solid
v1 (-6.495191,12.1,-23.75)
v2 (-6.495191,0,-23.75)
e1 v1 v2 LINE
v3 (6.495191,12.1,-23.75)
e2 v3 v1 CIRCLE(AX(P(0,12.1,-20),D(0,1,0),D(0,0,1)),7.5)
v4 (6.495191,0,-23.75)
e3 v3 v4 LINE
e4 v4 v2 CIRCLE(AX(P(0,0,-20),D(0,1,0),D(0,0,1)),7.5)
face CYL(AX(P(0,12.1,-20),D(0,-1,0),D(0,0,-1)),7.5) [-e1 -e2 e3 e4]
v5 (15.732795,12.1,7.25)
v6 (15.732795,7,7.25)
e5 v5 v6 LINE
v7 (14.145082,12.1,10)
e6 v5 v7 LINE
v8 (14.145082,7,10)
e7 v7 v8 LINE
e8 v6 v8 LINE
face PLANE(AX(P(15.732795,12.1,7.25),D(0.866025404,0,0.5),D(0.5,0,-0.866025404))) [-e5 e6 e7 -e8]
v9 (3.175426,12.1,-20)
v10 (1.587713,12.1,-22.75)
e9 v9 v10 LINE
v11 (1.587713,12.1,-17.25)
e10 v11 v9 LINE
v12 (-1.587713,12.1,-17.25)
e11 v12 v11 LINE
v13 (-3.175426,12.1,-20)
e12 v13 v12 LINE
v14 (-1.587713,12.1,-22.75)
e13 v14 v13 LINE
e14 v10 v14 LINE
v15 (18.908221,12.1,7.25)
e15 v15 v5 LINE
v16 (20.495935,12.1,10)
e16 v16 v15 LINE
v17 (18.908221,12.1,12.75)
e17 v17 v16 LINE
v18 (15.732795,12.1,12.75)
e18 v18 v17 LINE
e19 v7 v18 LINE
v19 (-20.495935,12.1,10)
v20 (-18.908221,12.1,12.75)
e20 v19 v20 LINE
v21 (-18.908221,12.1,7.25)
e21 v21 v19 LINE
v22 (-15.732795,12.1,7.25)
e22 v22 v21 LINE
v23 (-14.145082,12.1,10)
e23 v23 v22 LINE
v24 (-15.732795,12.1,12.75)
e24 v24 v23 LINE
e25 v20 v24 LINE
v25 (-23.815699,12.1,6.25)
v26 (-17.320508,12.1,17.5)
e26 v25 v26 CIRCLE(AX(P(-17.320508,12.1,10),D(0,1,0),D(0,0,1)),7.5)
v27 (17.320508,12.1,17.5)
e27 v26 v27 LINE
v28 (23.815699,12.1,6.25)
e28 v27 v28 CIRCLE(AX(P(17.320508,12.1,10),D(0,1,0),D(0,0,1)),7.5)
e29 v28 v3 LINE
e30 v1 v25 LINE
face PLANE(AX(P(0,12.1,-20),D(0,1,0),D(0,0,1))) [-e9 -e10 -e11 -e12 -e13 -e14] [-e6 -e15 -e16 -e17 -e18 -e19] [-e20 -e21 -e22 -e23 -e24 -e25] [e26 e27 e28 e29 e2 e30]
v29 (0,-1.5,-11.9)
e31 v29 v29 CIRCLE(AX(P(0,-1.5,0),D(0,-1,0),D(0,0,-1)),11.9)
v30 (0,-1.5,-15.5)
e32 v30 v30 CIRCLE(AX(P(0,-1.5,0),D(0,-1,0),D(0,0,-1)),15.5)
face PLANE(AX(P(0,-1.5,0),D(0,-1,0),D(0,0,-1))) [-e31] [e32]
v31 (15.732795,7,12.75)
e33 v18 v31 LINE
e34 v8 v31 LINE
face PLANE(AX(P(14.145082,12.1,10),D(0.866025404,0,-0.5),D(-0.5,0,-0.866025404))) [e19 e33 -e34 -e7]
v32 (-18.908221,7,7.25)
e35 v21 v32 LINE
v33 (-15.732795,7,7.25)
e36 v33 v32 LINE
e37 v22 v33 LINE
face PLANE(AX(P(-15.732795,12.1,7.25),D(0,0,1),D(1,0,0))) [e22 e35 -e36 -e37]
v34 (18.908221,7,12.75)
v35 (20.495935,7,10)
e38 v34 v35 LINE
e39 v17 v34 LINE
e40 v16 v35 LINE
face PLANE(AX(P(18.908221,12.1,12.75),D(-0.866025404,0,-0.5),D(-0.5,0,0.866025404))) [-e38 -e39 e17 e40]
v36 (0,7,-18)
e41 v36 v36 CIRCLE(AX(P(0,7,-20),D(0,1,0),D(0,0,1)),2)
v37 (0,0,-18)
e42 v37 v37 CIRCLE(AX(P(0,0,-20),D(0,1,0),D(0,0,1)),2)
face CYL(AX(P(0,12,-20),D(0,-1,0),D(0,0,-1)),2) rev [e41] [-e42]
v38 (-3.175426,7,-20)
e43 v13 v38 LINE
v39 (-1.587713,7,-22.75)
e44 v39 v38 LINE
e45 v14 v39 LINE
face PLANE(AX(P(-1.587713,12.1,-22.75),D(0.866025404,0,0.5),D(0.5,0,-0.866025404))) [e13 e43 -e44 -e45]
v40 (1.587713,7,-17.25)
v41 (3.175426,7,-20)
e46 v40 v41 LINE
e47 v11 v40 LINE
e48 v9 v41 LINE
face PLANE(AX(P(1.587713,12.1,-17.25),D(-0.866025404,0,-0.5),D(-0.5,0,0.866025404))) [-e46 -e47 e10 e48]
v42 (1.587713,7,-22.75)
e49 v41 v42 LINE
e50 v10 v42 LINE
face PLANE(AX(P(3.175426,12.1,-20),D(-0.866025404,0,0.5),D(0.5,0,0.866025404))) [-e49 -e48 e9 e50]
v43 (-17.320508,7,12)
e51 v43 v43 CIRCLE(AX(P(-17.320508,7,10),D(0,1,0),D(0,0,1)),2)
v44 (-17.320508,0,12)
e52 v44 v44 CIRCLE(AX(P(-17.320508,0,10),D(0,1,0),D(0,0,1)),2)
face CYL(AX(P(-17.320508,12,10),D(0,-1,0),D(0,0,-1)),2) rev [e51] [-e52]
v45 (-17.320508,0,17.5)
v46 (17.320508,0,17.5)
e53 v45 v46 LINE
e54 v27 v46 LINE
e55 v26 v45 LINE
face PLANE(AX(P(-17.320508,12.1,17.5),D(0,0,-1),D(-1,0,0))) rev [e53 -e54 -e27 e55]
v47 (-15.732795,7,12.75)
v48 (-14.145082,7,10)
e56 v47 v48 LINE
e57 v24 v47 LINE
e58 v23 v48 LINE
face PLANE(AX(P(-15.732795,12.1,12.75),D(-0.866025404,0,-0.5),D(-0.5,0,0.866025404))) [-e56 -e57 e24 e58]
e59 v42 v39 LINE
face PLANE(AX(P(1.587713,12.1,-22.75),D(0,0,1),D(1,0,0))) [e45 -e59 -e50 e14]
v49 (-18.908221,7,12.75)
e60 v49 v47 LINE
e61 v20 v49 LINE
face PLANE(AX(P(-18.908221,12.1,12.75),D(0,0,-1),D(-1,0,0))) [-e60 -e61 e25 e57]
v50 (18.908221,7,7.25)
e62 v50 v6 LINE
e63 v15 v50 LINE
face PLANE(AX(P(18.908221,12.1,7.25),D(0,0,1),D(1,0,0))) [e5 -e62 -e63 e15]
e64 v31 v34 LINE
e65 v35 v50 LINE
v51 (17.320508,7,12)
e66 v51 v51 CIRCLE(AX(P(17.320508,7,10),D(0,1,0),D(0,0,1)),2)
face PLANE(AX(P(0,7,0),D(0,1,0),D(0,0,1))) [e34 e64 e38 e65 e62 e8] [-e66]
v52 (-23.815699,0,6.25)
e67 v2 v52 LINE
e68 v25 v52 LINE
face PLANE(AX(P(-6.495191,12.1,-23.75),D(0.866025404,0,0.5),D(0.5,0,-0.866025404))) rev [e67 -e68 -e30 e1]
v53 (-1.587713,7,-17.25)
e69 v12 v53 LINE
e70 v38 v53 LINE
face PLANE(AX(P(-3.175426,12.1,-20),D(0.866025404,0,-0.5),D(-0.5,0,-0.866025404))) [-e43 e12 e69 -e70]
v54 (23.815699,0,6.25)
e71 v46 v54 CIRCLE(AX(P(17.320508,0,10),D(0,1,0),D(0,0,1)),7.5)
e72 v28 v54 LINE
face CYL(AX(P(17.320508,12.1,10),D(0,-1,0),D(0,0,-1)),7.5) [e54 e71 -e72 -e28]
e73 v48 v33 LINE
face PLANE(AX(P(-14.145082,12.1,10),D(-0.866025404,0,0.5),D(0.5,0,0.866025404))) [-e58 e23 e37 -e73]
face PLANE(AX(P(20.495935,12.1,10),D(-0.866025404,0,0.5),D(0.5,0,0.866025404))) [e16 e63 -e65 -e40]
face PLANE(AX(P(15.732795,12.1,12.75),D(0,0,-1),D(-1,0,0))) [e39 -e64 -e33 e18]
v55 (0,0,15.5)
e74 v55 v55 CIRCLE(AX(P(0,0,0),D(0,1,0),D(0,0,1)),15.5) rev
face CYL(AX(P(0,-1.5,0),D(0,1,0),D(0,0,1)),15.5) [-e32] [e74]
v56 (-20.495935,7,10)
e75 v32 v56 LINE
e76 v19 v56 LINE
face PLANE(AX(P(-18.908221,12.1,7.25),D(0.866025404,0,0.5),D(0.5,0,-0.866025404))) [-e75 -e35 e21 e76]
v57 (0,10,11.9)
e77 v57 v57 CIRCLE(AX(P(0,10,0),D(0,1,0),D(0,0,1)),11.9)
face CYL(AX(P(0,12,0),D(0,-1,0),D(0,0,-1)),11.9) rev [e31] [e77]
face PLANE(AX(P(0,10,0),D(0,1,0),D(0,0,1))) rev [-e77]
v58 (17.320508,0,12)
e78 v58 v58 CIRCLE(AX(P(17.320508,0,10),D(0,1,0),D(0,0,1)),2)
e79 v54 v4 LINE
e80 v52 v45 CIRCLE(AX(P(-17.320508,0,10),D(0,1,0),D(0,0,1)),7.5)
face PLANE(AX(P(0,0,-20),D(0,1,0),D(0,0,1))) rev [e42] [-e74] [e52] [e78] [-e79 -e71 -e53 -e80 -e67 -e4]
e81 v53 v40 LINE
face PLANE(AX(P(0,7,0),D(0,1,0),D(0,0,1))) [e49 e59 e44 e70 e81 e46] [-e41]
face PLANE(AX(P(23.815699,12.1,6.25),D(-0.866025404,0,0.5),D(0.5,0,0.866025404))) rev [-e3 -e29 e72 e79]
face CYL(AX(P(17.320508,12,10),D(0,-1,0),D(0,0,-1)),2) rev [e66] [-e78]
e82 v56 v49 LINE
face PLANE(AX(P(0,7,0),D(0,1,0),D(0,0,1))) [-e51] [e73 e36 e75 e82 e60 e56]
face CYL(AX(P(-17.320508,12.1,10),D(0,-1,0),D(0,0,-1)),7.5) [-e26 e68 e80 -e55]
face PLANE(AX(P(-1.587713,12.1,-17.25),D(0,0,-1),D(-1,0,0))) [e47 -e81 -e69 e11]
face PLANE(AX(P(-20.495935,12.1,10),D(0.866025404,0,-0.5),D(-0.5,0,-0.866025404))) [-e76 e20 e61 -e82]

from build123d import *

# Parameters (mm, degrees)
ESQUISSE1_R             = 11.9
ESQUISSE1_R_2           = 2
BOSS_EXTRU_1_DEPTH      = 12
ENL_V_MAT_EXTRU_1_DEPTH = 5
SKETCH1_R               = 11.9
BOSS_EXTRUDE1_DEPTH     = 2
BOSS_EXTRUDE2_START     = 1.5
SKETCH2_R               = 15.5
SKETCH2_R_2             = 11.9
BOSS_EXTRUDE2_DEPTH     = 1.5
BOSS_EXTRUDE3_DEPTH     = 0.1


with BuildPart() as part:
    # Esquisse1 → Boss.-Extru.1 (new body)
    with BuildSketch(Plane(origin=(0, 0, 0), x_dir=(1, 0, 0), z_dir=(0, 1, 0))):
        with BuildLine():
            Line((-6.495190528, 23.75), (-23.815698604, -6.25))
            ThreePointArc((-23.815698604, -6.25), (-23.815698604, -13.75), (-17.320508076, -17.5))
            Line((-17.320508076, -17.5), (17.320508076, -17.5))
            ThreePointArc((17.320508076, -17.5), (23.815698604, -13.75), (23.815698604, -6.25))
            Line((23.815698604, -6.25), (6.495190528, 23.75))
            ThreePointArc((6.495190528, 23.75), (0, 27.5), (-6.495190528, 23.75))
        make_face()
        with Locations(Location((0, 0, 0), (0, 0, 270))):
            Circle(ESQUISSE1_R, mode=Mode.SUBTRACT)
        with Locations(Location((-17.320508076, -10, 0), (0, 0, 270))):
            Circle(ESQUISSE1_R_2, mode=Mode.SUBTRACT)
        with Locations(Location((0, 20, 0), (0, 0, 270))):
            Circle(ESQUISSE1_R_2, mode=Mode.SUBTRACT)
        with Locations(Location((17.320508076, -10, 0), (0, 0, 270))):
            Circle(ESQUISSE1_R_2, mode=Mode.SUBTRACT)
    extrude(amount=BOSS_EXTRU_1_DEPTH)

    # Esquisse2 → Enlèv. mat.-Extru.1 (cut)
    with BuildSketch(Plane(origin=(0, 12, 0), x_dir=(1, 0, 0), z_dir=(0, 1, 0))):
        Polygon((-18.908221316, -7.25), (-20.495934556, -10), (-18.908221316, -12.75), (-15.732794835, -12.75), (-14.145081595, -10), (-15.732794835, -7.25), align=None)
        Polygon((-1.58771324, 22.75), (-3.175426481, 20), (-1.58771324, 17.25), (1.58771324, 17.25), (3.175426481, 20), (1.58771324, 22.75), align=None)
        Polygon((18.908221316, -7.25), (15.732794835, -7.25), (14.145081595, -10), (15.732794835, -12.75), (18.908221316, -12.75), (20.495934556, -10), align=None)
    extrude(amount=-ENL_V_MAT_EXTRU_1_DEPTH, mode=Mode.SUBTRACT)

    # Sketch2 → Boss-Extrude2 (add)
    with BuildSketch(Plane.XZ.offset(BOSS_EXTRUDE2_START)):
        with Locations(Location((0, 0, 0), (0, 0, 90))):
            Circle(SKETCH2_R)
        with Locations(Location((0, 0, 0), (0, 0, 90))):
            Circle(SKETCH2_R_2, mode=Mode.SUBTRACT)
    extrude(amount=-BOSS_EXTRUDE2_DEPTH)



with BuildPart() as body_2:
    # Sketch1 → Boss-Extrude1 (new body)
    with BuildSketch(Plane(origin=(0, 12, 0), x_dir=(1, 0, 0), z_dir=(0, 1, 0))):
        with Locations(Location((0, 0, 0), (0, 0, 270))):
            Circle(SKETCH1_R)
    extrude(amount=-BOSS_EXTRUDE1_DEPTH)


with BuildPart() as part_1:
    add(part.part)

    add(body_2.part)  # Boss-Extrude3 merges body 2
    # Sketch3 → Boss-Extrude3 (add)
    with BuildSketch(Plane(origin=(0, 12, 0), x_dir=(1, 0, 0), z_dir=(0, 1, 0))):
        with BuildLine():
            Line((-6.495190528, 23.75), (-23.815698604, -6.25))
            ThreePointArc((-23.815698604, -6.25), (-23.815698604, -13.75), (-17.320508076, -17.5))
            Line((-17.320508076, -17.5), (17.320508076, -17.5))
            ThreePointArc((17.320508076, -17.5), (23.815698604, -13.75), (23.815698604, -6.25))
            Line((23.815698604, -6.25), (6.495190528, 23.75))
            ThreePointArc((6.495190528, 23.75), (0, 27.5), (-6.495190528, 23.75))
        make_face()
        Polygon((-1.58771324, 22.75), (-3.175426481, 20), (-1.58771324, 17.25), (1.58771324, 17.25), (3.175426481, 20), (1.58771324, 22.75), align=None, mode=Mode.SUBTRACT)
        Polygon((18.908221316, -12.75), (20.495934556, -10), (18.908221316, -7.25), (15.732794835, -7.25), (14.145081595, -10), (15.732794835, -12.75), align=None, mode=Mode.SUBTRACT)
        Polygon((-18.908221316, -7.25), (-20.495934556, -10), (-18.908221316, -12.75), (-15.732794835, -12.75), (-14.145081595, -10), (-15.732794835, -7.25), align=None, mode=Mode.SUBTRACT)
    extrude(amount=BOSS_EXTRUDE3_DEPTH)


solid = part_1.part
